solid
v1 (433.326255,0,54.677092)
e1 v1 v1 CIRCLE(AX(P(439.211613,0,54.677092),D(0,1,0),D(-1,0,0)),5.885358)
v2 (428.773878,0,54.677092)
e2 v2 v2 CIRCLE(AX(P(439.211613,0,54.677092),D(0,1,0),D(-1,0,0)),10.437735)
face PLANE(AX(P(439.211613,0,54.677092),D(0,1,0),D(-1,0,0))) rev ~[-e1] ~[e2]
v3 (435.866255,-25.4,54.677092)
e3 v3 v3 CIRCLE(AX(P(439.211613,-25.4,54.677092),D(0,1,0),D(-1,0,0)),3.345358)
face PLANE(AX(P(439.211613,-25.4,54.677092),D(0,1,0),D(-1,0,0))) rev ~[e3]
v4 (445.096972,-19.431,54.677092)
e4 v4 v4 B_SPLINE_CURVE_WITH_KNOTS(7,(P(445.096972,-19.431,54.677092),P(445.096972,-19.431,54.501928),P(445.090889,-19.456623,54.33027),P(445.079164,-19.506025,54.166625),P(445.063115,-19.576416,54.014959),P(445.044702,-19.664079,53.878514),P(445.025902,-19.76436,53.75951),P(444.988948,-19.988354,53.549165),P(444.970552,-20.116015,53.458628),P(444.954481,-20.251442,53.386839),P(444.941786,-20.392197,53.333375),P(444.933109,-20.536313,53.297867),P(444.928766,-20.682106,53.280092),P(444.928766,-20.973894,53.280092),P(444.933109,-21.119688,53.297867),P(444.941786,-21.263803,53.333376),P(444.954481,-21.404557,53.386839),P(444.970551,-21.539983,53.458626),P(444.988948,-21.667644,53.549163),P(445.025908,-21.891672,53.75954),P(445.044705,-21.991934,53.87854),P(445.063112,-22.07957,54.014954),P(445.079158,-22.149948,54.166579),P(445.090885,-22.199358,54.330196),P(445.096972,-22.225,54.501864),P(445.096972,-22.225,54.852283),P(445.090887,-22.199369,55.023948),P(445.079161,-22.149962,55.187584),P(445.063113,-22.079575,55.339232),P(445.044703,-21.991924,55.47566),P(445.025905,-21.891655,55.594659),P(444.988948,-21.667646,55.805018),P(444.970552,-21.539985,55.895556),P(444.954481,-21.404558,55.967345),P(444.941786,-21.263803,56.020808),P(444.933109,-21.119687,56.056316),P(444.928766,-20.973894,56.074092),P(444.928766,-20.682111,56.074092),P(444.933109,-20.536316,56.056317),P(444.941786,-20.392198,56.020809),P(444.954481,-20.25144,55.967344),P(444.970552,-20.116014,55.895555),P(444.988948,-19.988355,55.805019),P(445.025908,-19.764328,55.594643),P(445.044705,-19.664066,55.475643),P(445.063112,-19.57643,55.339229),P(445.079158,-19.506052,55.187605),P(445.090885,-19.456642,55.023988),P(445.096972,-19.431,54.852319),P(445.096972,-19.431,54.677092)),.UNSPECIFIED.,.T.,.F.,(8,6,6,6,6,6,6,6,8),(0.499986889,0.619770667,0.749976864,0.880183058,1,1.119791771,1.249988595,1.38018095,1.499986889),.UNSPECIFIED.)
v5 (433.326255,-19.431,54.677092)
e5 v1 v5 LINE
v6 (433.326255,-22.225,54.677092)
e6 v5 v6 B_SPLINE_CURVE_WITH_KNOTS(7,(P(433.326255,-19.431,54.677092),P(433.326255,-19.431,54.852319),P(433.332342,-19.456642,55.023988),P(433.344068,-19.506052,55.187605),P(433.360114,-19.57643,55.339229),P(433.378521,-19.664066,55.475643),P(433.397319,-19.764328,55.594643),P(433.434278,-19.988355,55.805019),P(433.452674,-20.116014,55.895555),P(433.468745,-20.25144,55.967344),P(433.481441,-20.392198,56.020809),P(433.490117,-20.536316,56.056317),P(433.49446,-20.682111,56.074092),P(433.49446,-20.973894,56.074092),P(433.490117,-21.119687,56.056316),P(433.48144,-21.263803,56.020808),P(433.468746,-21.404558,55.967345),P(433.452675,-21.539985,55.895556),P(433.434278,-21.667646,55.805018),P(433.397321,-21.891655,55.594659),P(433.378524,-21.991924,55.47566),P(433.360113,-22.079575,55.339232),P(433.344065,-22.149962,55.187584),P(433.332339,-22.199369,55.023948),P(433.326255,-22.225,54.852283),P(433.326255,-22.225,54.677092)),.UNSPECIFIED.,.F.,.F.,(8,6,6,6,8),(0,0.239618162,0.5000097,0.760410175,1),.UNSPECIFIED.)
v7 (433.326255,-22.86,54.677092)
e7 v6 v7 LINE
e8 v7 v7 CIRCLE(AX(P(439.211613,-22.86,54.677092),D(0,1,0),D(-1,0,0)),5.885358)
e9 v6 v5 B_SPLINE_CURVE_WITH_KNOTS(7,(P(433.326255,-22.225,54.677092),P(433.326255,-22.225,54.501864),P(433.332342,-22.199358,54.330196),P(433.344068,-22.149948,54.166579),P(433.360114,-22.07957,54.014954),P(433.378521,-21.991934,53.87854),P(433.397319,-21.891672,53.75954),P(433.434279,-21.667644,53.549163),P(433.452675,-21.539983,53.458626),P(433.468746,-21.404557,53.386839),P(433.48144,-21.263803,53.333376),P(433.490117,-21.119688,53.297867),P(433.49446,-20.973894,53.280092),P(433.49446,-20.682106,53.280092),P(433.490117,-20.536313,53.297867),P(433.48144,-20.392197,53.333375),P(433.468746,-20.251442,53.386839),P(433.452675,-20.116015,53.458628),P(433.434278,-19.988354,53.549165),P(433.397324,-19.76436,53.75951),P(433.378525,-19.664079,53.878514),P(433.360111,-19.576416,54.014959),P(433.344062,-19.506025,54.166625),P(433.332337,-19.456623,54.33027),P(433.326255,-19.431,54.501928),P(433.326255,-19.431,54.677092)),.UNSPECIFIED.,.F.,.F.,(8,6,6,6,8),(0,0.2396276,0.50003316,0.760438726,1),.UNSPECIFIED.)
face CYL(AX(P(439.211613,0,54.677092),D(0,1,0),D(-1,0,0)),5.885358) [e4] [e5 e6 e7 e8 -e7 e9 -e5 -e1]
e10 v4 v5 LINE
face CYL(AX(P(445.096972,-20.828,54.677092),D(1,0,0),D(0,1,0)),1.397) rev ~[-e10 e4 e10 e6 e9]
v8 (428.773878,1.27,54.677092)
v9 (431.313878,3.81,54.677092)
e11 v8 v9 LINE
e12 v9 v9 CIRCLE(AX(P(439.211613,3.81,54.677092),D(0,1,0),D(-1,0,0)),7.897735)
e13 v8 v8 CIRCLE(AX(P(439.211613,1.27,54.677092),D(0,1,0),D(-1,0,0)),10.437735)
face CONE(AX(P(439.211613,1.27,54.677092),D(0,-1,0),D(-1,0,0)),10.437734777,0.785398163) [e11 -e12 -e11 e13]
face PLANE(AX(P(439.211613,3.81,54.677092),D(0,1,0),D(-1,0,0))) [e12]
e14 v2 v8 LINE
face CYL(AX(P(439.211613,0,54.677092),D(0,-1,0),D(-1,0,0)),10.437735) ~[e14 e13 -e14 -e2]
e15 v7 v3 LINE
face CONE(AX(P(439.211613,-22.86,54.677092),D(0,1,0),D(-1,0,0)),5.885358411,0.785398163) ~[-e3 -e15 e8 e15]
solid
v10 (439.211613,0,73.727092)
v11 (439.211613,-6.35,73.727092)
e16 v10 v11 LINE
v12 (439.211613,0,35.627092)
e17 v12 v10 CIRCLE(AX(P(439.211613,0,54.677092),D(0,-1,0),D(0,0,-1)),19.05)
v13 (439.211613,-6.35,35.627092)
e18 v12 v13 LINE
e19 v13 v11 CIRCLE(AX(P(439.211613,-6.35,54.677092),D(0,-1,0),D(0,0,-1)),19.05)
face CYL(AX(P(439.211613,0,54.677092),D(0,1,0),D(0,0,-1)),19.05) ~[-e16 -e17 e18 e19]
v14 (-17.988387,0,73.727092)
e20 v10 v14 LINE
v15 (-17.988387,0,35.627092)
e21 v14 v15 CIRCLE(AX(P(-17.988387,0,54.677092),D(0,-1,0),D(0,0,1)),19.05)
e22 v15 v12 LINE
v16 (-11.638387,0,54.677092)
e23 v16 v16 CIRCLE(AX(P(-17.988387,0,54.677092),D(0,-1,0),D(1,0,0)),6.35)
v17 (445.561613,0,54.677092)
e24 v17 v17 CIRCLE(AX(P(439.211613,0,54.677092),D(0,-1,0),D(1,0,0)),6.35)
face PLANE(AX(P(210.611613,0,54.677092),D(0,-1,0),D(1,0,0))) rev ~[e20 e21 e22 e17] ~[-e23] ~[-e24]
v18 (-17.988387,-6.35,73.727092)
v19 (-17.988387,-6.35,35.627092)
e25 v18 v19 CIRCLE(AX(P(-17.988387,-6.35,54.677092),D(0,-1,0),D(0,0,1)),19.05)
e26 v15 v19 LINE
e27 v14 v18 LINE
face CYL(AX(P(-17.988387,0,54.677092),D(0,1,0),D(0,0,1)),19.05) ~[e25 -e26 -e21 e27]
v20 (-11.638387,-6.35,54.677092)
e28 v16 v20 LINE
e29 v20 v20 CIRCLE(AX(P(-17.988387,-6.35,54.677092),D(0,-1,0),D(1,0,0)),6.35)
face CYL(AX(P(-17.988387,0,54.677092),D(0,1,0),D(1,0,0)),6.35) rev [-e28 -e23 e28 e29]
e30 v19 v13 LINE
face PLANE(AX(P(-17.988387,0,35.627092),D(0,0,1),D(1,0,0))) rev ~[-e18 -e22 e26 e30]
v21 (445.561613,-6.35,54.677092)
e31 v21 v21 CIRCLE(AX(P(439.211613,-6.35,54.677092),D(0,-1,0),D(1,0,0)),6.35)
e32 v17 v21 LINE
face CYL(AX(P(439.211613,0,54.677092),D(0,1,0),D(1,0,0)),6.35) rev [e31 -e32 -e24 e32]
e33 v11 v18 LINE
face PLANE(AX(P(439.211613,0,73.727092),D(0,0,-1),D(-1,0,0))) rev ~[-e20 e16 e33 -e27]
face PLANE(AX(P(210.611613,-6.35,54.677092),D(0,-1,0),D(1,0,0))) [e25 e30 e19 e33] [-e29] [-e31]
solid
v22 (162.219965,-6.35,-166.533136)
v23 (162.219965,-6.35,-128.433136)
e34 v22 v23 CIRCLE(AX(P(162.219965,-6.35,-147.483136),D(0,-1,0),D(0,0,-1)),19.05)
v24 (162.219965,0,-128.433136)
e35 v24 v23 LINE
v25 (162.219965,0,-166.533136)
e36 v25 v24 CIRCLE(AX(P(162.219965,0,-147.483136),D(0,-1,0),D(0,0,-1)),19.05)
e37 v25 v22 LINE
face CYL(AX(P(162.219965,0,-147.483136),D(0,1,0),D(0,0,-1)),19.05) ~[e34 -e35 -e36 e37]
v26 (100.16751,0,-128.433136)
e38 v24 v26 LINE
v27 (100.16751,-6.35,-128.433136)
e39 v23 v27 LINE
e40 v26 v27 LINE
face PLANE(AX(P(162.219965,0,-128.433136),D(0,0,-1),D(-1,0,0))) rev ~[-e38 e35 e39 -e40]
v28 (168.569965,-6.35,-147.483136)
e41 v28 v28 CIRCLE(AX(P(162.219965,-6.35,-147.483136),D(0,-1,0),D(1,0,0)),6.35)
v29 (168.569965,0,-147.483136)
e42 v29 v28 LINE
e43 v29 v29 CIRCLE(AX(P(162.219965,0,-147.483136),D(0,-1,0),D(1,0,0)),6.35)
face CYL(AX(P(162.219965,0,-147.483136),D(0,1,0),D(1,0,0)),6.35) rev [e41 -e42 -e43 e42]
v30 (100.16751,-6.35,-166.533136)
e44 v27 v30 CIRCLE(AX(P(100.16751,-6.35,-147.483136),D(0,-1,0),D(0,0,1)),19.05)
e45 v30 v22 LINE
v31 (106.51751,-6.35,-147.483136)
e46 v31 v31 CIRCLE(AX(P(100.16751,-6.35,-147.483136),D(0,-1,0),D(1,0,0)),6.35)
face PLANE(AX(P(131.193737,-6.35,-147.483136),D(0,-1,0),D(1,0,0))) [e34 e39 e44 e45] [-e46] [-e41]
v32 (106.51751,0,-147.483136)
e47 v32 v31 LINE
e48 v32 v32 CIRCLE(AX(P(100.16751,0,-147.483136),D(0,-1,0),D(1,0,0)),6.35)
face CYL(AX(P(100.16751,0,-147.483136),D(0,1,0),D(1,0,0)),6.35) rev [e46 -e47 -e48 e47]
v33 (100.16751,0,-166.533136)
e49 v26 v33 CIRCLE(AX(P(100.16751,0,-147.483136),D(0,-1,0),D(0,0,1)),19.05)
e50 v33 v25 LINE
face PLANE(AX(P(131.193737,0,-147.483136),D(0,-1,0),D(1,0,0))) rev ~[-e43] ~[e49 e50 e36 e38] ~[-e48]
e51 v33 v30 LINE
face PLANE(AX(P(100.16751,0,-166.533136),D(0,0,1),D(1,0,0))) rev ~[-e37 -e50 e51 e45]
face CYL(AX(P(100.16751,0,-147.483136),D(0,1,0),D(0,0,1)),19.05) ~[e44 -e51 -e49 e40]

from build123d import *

# Parameters (mm, degrees)
F0_R      = 6.35
F1_DEPTH  = 6.35
F2_R      = 5.8853584111
F3_DEPTH  = 25.4
F2_R_2    = 10.4377347768
F2_R_3    = 6.35
F4_DEPTH  = 3.81
F5_SIZE   = 2.54
F8_R      = 1.397
F9_DEPTH  = 482.1363584111
F10_R     = 6.35
F11_DEPTH = 6.35


with BuildPart() as f1:
    # F0 (on Front) → F1 (new body)
    with BuildSketch(Plane.XZ):
        with BuildLine():
            Line((439.211613113, 73.7270917265), (-17.988386887, 73.7270917265))
            ThreePointArc((-17.988386887, 73.7270917265), (-37.038386887, 54.6770917265), (-17.988386887, 35.6270917265))
            Line((-17.988386887, 35.6270917265), (439.211613113, 35.6270917265))
            ThreePointArc((439.211613113, 35.6270917265), (458.261613113, 54.6770917265), (439.211613113, 73.7270917265))
        make_face()
        with Locations((-17.988386887, 54.6770917265)):
            Circle(F0_R, mode=Mode.SUBTRACT)
        with Locations((439.211613113, 54.6770917265)):
            Circle(F0_R, mode=Mode.SUBTRACT)
    extrude(amount=F1_DEPTH)


with BuildPart() as f3:
    # F2 (on face) → F3 (new body)
    with BuildSketch(Plane(origin=(0, 0, 0), x_dir=(-1, 0, 0), z_dir=(0, 1, 0))):
        with Locations((-439.211613113, 54.6770917265)):
            Circle(F2_R)
    extrude(amount=-F3_DEPTH)

    # F2 (on face) → F4 (join)
    with BuildSketch(Plane(origin=(0, 0, 0), x_dir=(-1, 0, 0), z_dir=(0, 1, 0))):
        with Locations((-439.211613113, 54.6770917265)):
            Circle(F2_R_2)
        with Locations((-439.211613113, 54.6770917265)):
            Circle(F2_R_3, mode=Mode.SUBTRACT)
        with Locations((-439.211613113, 54.6770917265)):
            Circle(F2_R_3)
        with Locations((-439.211613113, 54.6770917265)):
            Circle(F2_R, mode=Mode.SUBTRACT)
        with Locations((-439.211613113, 54.6770917265)):
            Circle(F2_R)
    extrude(amount=F4_DEPTH)

    # F5
    f5_edges = [f3.edges().sort_by_distance(p)[0] for p in [
        (449.649348, 3.81, 54.677092),
        (445.096972, -25.4, 54.677092),
    ]]
    chamfer(f5_edges, length=F5_SIZE)

    # F8 (on line) → F9 (cut, through all)
    with BuildSketch(Plane.YZ.offset(445.0969715241)):
        with Locations((-20.8280000076, 54.6770917265)):
            Circle(F8_R)
    extrude(amount=-F9_DEPTH, mode=Mode.SUBTRACT)


with BuildPart() as f11:
    # F10 (on Front) → F11 (new body)
    with BuildSketch(Plane.XZ):
        with BuildLine():
            Line((162.2199646768, -128.4331359843), (100.1675096981, -128.4331359843))
            ThreePointArc((100.1675096981, -128.4331359843), (81.1175096981, -147.4831359843), (100.1675096981, -166.5331359843))
            Line((100.1675096981, -166.5331359843), (162.2199646768, -166.5331359843))
            ThreePointArc((162.2199646768, -166.5331359843), (181.2699646768, -147.4831359843), (162.2199646768, -128.4331359843))
        make_face()
        with Locations((100.1675096981, -147.4831359843)):
            Circle(F10_R, mode=Mode.SUBTRACT)
        with Locations((162.2199646768, -147.4831359843)):
            Circle(F10_R, mode=Mode.SUBTRACT)
    extrude(amount=F11_DEPTH)


solid = Compound([f1.part, f3.part, f11.part])
